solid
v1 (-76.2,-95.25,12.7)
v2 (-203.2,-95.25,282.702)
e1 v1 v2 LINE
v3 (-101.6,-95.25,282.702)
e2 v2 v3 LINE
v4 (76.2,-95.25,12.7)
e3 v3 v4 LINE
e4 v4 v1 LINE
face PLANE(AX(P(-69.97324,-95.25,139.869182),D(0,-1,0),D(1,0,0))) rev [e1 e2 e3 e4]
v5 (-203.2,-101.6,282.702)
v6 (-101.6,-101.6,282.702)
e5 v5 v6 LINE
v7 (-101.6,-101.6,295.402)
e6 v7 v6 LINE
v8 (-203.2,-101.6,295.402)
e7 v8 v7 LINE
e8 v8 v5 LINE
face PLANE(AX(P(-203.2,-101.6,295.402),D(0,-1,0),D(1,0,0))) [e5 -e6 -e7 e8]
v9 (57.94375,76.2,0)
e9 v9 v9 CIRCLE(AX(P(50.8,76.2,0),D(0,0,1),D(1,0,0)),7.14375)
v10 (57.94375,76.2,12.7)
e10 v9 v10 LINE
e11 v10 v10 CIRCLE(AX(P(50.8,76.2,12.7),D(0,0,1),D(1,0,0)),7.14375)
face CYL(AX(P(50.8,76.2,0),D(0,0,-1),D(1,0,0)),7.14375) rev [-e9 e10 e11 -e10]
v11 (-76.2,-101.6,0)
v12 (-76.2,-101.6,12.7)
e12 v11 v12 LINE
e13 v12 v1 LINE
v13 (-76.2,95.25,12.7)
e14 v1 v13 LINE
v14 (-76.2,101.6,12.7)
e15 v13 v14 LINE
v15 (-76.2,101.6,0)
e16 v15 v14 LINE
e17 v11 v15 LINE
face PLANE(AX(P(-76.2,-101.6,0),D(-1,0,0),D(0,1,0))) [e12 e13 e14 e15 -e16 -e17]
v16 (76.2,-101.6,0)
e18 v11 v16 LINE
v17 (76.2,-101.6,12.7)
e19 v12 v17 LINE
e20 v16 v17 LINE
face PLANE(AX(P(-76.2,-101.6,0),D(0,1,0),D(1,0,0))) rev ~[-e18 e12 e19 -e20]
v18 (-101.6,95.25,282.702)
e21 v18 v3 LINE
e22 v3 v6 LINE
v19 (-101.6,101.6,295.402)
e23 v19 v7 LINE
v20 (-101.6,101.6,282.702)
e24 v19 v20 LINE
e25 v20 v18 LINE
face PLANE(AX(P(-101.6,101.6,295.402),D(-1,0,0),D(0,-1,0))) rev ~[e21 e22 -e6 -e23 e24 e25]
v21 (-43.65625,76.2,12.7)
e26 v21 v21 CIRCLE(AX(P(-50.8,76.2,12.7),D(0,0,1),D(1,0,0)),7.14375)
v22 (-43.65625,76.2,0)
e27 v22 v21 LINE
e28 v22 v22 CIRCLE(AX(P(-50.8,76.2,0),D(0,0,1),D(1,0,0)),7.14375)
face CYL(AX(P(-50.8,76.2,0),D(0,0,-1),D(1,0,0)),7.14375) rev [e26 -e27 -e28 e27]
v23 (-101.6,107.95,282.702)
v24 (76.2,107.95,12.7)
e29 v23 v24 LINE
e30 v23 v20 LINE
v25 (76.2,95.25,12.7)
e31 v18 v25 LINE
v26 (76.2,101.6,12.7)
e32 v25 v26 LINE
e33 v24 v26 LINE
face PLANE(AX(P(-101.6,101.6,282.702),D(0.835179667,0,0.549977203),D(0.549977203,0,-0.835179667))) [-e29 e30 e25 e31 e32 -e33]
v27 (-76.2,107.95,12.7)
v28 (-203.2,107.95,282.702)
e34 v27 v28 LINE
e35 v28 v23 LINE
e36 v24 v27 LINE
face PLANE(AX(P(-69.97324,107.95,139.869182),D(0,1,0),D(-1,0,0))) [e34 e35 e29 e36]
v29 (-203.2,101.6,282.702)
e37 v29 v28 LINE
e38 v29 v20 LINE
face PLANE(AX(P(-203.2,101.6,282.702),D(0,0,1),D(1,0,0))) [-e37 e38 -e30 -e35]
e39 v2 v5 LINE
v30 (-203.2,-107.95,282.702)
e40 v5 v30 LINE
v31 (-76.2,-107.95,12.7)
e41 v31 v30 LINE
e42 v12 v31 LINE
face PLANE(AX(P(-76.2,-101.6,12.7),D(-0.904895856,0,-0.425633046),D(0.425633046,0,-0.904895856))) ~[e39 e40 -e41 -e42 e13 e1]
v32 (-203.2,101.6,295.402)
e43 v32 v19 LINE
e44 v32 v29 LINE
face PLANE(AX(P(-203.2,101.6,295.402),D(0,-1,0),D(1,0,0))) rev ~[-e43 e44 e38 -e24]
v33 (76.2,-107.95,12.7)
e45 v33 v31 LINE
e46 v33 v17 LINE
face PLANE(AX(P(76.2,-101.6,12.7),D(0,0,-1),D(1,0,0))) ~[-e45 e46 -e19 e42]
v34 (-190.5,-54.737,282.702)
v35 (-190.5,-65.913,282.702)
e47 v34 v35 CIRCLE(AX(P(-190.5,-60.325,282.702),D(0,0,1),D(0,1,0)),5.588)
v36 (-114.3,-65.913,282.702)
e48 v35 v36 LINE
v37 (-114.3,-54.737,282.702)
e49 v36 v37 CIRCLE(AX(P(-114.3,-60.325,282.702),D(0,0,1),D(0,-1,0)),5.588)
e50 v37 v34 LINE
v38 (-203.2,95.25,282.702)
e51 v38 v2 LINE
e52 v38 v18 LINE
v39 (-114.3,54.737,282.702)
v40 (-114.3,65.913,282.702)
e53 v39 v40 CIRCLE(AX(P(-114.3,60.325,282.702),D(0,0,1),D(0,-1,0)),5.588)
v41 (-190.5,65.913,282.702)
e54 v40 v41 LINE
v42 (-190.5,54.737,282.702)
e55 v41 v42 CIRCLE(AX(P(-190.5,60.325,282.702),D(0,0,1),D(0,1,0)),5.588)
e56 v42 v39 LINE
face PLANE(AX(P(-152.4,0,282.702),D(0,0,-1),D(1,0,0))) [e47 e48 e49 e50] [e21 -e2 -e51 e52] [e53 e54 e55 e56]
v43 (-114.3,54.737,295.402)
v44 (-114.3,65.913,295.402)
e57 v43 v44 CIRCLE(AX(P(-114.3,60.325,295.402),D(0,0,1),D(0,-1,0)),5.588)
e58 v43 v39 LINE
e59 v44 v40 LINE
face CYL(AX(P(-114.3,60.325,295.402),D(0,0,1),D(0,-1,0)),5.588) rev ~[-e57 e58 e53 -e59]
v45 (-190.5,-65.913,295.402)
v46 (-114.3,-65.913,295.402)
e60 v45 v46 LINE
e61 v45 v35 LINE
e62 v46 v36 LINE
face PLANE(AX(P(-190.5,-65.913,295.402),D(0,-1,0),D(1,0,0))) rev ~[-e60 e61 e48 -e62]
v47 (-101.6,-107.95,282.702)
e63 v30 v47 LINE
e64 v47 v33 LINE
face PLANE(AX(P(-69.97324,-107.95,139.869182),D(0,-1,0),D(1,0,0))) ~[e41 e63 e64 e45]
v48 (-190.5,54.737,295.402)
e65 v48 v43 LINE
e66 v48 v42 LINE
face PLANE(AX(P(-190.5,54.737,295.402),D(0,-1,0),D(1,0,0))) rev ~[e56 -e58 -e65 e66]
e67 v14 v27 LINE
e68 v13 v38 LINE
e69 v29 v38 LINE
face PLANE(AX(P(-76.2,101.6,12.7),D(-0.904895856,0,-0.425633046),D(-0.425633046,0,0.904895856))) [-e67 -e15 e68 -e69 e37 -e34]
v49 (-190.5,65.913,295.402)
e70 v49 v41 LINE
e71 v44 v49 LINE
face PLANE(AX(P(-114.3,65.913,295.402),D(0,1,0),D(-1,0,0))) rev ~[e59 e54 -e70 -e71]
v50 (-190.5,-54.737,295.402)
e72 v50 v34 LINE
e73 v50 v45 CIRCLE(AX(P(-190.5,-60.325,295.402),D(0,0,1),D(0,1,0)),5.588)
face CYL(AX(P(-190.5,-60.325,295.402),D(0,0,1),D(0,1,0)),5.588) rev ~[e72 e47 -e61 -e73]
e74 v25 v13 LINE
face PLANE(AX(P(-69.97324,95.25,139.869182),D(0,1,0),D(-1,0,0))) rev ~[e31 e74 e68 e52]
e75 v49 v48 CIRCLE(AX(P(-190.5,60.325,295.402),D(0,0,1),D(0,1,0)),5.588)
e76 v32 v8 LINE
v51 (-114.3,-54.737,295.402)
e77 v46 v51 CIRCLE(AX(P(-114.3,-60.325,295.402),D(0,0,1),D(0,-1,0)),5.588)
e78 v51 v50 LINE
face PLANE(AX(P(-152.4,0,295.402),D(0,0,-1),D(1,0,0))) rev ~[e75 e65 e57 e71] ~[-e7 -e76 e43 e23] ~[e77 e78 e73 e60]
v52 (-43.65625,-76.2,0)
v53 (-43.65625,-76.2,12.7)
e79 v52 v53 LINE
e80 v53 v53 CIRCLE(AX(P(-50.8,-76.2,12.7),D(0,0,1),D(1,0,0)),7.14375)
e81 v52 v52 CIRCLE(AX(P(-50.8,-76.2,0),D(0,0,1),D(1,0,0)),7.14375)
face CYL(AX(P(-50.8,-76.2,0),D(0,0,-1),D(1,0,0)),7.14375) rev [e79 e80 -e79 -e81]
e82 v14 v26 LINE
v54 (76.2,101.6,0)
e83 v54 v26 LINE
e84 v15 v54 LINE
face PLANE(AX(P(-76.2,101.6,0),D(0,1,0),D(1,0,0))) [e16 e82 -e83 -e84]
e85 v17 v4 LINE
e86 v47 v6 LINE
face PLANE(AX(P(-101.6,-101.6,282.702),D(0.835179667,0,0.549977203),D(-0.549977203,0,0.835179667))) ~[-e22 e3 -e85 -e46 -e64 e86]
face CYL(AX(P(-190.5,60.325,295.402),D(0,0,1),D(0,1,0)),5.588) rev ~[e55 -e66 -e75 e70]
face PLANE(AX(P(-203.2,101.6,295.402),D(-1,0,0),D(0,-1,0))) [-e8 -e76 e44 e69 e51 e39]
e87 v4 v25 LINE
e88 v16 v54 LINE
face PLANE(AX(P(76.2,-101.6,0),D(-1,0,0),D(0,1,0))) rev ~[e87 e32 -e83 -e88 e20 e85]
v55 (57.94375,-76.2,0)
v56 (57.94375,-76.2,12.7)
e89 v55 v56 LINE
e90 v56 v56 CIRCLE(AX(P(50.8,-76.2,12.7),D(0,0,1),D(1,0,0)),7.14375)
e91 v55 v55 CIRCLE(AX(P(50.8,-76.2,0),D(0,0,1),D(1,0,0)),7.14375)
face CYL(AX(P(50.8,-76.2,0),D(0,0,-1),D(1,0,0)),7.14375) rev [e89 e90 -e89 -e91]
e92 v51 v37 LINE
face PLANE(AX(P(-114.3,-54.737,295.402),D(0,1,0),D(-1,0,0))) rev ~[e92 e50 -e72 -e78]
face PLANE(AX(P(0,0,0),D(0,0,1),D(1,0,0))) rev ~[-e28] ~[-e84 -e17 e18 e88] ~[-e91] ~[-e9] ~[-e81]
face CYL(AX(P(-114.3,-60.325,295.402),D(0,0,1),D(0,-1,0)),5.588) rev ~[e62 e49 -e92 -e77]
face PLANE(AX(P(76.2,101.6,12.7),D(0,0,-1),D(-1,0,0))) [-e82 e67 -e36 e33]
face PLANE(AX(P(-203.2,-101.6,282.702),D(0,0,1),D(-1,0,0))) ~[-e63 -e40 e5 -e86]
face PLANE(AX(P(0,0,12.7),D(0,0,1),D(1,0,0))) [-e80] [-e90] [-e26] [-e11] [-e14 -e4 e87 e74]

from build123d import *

# Parameters (mm, degrees)
F0_W     = 152.4
F0_H     = 203.2
F0_R     = 7.14375
F1_DEPTH = 12.7
F3_W     = 101.6
F3_H     = 203.2
F4_DEPTH = 12.7
F6_DEPTH = 6.35


with BuildPart() as f1:
    # F0 (on Top) → F1 (new body)
    with BuildSketch(Plane.XY):
        Rectangle(F0_W, F0_H)
        with Locations((-50.8, -76.2)):
            Circle(F0_R, mode=Mode.SUBTRACT)
        with Locations((50.8, -76.2)):
            Circle(F0_R, mode=Mode.SUBTRACT)
        with Locations((-50.8, 76.2)):
            Circle(F0_R, mode=Mode.SUBTRACT)
        with Locations((50.8, 76.2)):
            Circle(F0_R, mode=Mode.SUBTRACT)
    extrude(amount=F1_DEPTH)



with BuildPart() as f4:
    # F3 (on offset) → F4 (new body)
    with BuildSketch(Plane(origin=(0, 0, 295.402), x_dir=(1, 0, 0), z_dir=(0, 0, -1))):
        with Locations((-152.4, 0)):
            Rectangle(F3_W, F3_H)
        with BuildLine():
            ThreePointArc((-114.3, -54.737), (-108.712, -60.325), (-114.3, -65.913))
            Line((-114.3, -65.913), (-190.5, -65.913))
            ThreePointArc((-190.5, -65.913), (-196.088, -60.325), (-190.5, -54.737))
            Line((-190.5, -54.737), (-114.3, -54.737))
        make_face(mode=Mode.SUBTRACT)
        with BuildLine():
            Line((-114.3, 54.737), (-190.5, 54.737))
            ThreePointArc((-190.5, 54.737), (-196.088, 60.325), (-190.5, 65.913))
            Line((-190.5, 65.913), (-114.3, 65.913))
            ThreePointArc((-114.3, 65.913), (-108.712, 60.325), (-114.3, 54.737))
        make_face(mode=Mode.SUBTRACT)
    extrude(amount=F4_DEPTH)


with BuildPart() as f1_1:
    add(f1.part)

    add(f4.part)  # F6 merges F4
    # F5 (on face) → F6 (join, symmetric)
    with BuildSketch(Plane(origin=(0, 101.6, 0), x_dir=(-1, 0, 0), z_dir=(0, 1, 0))):
        Polygon((-76.2, 12.7), (76.2, 12.7), (203.2, 282.702), (101.6, 282.702), align=None)
    extrude(amount=F6_DEPTH, both=True)

    # F7: F1 across plane


with BuildPart() as f1_2:
    add(f1_1.part)
    add(f1_1.part.mirror(Plane.XZ))


solid = f1_2.part
